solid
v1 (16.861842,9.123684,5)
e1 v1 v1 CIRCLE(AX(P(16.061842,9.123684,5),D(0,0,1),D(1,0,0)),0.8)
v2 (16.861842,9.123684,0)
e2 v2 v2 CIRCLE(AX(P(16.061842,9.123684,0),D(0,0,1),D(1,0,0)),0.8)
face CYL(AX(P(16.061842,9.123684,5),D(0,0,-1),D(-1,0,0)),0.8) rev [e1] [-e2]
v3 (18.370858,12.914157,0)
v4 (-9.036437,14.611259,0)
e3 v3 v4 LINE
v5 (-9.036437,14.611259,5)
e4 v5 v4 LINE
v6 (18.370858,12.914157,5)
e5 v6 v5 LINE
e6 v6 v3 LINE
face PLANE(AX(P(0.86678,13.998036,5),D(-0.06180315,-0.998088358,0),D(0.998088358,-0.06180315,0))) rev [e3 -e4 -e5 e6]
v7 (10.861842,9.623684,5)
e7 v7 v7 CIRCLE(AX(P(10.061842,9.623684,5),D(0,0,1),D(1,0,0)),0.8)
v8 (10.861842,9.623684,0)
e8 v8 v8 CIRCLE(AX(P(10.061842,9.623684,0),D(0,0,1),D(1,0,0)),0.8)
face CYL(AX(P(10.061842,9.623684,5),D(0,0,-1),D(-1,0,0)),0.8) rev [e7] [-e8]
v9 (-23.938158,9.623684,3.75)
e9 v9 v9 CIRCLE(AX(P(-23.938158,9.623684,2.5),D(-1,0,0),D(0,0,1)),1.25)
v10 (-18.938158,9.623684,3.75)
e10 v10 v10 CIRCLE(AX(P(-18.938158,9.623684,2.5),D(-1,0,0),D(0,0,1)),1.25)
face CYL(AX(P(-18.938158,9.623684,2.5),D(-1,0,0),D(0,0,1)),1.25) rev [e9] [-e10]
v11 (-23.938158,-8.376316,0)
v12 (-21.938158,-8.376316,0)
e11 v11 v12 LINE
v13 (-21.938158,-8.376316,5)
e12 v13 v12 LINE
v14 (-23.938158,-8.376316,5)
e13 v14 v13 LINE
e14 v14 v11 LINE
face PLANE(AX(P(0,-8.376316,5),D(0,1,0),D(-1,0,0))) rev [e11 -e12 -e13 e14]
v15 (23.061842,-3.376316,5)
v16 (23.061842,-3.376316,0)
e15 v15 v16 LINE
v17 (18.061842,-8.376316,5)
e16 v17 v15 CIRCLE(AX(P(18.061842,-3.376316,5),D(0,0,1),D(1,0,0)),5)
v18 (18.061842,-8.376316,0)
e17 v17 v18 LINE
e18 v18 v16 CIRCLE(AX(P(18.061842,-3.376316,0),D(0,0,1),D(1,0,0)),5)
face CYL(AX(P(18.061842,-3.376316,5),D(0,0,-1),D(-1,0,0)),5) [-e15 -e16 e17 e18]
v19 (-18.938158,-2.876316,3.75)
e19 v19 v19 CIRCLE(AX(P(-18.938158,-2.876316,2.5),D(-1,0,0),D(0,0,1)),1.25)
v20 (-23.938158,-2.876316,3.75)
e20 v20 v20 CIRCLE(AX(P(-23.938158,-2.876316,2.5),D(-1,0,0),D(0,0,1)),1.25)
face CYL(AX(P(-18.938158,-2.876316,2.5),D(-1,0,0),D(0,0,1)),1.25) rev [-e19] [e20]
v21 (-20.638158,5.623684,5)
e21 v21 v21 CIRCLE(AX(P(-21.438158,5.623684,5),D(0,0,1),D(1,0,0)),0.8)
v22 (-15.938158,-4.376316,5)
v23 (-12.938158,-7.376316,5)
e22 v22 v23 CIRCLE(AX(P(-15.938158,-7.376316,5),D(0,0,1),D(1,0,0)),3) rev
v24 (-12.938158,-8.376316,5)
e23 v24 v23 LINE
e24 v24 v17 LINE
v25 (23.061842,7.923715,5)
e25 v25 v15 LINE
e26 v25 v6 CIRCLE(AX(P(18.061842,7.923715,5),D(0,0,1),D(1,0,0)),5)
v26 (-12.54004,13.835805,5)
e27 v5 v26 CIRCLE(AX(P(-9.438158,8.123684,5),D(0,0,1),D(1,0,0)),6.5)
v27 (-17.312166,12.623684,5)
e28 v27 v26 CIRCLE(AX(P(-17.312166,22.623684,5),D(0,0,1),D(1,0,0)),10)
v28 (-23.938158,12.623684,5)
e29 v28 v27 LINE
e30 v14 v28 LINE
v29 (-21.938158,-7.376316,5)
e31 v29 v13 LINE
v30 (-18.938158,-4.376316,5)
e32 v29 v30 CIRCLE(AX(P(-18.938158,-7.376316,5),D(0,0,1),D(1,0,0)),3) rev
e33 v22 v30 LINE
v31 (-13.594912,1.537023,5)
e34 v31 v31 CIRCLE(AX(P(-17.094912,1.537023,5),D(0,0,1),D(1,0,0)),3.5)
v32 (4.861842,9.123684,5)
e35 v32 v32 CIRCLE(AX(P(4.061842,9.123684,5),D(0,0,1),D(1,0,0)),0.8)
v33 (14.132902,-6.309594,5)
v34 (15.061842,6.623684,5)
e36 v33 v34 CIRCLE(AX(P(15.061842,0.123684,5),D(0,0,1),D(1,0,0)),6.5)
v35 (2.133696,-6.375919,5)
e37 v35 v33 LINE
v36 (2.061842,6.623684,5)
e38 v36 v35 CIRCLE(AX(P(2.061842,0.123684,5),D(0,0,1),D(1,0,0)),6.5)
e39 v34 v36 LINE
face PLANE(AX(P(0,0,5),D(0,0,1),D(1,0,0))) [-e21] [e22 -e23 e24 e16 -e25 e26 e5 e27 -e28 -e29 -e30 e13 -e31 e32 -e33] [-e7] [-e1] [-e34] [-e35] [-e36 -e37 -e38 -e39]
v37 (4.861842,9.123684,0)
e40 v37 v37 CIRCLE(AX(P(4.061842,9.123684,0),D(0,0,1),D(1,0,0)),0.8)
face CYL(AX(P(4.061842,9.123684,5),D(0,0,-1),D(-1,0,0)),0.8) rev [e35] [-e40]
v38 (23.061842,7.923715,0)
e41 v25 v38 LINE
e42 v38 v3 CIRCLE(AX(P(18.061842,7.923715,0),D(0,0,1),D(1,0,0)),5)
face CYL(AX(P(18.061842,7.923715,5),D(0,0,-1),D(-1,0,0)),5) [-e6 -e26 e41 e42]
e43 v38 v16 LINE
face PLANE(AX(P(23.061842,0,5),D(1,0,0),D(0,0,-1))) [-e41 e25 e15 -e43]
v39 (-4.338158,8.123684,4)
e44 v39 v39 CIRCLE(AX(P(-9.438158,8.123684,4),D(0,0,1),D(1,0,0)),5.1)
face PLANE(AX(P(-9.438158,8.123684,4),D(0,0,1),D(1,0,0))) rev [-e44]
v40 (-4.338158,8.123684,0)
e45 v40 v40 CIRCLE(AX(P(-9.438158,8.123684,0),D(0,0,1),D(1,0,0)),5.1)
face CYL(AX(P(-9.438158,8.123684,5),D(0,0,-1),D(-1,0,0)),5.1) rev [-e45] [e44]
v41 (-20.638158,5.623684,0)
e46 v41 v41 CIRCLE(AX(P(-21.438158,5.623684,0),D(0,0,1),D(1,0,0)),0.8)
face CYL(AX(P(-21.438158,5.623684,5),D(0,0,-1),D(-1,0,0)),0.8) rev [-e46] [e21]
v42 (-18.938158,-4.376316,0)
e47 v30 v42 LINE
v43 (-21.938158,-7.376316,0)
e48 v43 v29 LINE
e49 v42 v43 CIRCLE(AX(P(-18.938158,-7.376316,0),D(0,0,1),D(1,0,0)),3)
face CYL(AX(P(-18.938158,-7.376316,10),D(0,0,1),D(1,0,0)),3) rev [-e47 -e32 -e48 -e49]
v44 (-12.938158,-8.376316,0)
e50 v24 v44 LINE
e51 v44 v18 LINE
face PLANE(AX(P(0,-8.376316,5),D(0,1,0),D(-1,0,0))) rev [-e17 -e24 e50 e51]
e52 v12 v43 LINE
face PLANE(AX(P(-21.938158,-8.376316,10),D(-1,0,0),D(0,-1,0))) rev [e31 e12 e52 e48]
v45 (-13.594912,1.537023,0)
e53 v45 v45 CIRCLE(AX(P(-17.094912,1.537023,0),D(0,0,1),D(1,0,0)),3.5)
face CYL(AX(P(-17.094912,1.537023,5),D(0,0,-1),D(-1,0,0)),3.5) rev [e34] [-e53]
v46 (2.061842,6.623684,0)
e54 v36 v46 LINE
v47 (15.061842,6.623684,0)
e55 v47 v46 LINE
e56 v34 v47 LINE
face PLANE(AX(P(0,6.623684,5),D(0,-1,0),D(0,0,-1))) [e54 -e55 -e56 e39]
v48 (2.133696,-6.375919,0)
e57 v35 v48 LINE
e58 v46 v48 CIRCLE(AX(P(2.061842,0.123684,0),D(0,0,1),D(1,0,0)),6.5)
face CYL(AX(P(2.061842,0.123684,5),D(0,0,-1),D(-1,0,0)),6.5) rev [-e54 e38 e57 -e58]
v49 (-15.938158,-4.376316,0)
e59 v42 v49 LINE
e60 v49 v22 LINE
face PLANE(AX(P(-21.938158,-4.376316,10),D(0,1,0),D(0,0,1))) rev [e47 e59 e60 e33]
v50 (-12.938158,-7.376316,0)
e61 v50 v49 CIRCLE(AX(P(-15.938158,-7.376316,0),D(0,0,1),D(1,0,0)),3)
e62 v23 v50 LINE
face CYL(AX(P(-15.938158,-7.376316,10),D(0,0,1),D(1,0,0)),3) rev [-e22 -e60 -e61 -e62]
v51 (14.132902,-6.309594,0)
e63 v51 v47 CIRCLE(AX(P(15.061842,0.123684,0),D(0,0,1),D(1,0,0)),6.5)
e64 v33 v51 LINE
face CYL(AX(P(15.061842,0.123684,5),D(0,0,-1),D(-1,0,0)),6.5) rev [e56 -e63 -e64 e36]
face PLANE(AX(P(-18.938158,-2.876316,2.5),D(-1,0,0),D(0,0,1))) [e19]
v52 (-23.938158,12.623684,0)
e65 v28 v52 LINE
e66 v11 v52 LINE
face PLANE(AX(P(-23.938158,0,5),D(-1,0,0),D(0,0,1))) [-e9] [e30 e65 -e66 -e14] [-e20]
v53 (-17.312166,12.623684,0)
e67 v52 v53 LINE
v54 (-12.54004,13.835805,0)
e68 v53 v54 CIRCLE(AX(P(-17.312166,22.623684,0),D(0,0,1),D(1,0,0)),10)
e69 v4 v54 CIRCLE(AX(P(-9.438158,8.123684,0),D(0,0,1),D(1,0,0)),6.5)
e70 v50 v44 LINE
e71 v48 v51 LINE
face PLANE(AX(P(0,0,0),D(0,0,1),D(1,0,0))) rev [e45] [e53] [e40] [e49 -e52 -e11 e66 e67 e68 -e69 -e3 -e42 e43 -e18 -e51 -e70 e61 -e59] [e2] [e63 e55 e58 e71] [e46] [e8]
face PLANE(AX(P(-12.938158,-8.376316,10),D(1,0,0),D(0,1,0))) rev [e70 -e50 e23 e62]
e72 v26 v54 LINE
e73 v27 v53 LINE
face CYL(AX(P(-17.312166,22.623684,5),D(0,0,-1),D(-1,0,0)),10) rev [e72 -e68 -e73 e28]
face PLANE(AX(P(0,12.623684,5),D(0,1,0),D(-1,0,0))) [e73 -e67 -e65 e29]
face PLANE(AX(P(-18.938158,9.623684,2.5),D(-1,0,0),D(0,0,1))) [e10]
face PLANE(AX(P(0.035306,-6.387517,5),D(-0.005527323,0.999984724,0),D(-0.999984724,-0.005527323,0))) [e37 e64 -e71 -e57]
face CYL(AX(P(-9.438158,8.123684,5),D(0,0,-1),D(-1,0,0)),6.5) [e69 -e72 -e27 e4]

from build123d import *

# Parameters (mm, degrees)
SKETCH1_R           = 0.8
SKETCH1_R_2         = 3.5
SKETCH1_R_3         = 5.1
BOSS_EXTRUDE1_DEPTH = 5
SKETCH2_R           = 1.25
CUT_EXTRUDE1_DEPTH  = 5
BOSS_EXTRUDE2_START = -1
SKETCH21_R          = 5.1
BOSS_EXTRUDE2_DEPTH = 1
SKETCH22_W          = 9
SKETCH22_H          = 4
CUT_EXTRUDE2_DEPTH  = 10
FILLET1_R           = 3


with BuildPart() as part:
    # Sketch1 → Boss-Extrude1 (new body)
    with BuildSketch(Plane(origin=(0, 0, 0), x_dir=(0, 1, 0), z_dir=(0, 0, 1))):
        with BuildLine():
            ThreePointArc((7.923715338, -23.061842121), (11.348253353, -21.704991773), (12.914157128, -18.370857874))
            Line((12.914157128, -18.370857874), (14.611258571, 9.036437401))
            ThreePointArc((14.611258571, 9.036437401), (14.470096631, 10.842810788), (13.835805455, 12.540039768))
            ThreePointArc((13.835805455, 12.540039768), (12.931450551, 14.850335933), (12.623684243, 17.312165753))
            Line((12.623684243, 17.312165753), (12.623684243, 23.938157879))
            Line((12.623684243, 23.938157879), (-8.376315757, 23.938157879))
            Line((-8.376315757, 23.938157879), (-8.376315757, -18.061842121))
            ThreePointArc((-8.376315757, -18.061842121), (-6.911849663, -21.597376027), (-3.376315757, -23.061842121))
            Line((-3.376315757, -23.061842121), (7.923715338, -23.061842121))
        make_face()
        with BuildLine():
            Line((-6.37591859, -2.133696229), (-6.376315757, -2.061842121))
            ThreePointArc((-6.376315757, -2.061842121), (0.123684243, 4.438157879), (6.623684243, -2.061842121))
            Line((6.623684243, -2.061842121), (6.623684243, -15.061842121))
            ThreePointArc((6.623684243, -15.061842121), (0.625179068, -21.542467318), (-6.298932046, -16.061842121))
            ThreePointArc((-6.298932046, -16.061842121), (-6.376216465, -15.097769724), (-6.309594086, -14.132901895))
            Line((-6.309594086, -14.132901895), (-6.37591859, -2.133696229))
        make_face(mode=Mode.SUBTRACT)
        with Locations(Location((9.123684243, -16.061842121, 0), (0, 0, 270))):
            Circle(SKETCH1_R, mode=Mode.SUBTRACT)
        with Locations(Location((9.623684243, -10.061842121, 0), (0, 0, 270))):
            Circle(SKETCH1_R, mode=Mode.SUBTRACT)
        with Locations(Location((9.123684243, -4.061842121, 0), (0, 0, 270))):
            Circle(SKETCH1_R, mode=Mode.SUBTRACT)
        with Locations(Location((1.537022692, 17.094912388, 0), (0, 0, 270))):
            Circle(SKETCH1_R_2, mode=Mode.SUBTRACT)
        with Locations(Location((8.123684243, 9.438157879, 0), (0, 0, 270))):
            Circle(SKETCH1_R_3, mode=Mode.SUBTRACT)
        with Locations(Location((5.623684243, 21.438157879, 0), (0, 0, 270))):
            Circle(SKETCH1_R, mode=Mode.SUBTRACT)
    extrude(amount=BOSS_EXTRUDE1_DEPTH)

    # Sketch2 → Cut-Extrude1 (cut)
    with BuildSketch(Plane(origin=(-23.938157879, 0, 0), x_dir=(0, -1, 0), z_dir=(-1, 0, 0))):
        with Locations(Location((-9.623684243, 2.5, 0), (0, 0, 90))):
            Circle(SKETCH2_R)
        with Locations(Location((2.876315757, 2.5, 0), (0, 0, 90))):
            Circle(SKETCH2_R)
    extrude(amount=-CUT_EXTRUDE1_DEPTH, mode=Mode.SUBTRACT)

    # Sketch21 → Boss-Extrude2 (add)
    with BuildSketch(Plane.XY.offset(5).offset(BOSS_EXTRUDE2_START)):
        with Locations((-9.438157879, 8.123684243)):
            Circle(SKETCH21_R)
    extrude(amount=BOSS_EXTRUDE2_DEPTH)

    # Sketch22 → Cut-Extrude2 (cut)
    with BuildSketch(Plane(origin=(0, 0, 0), x_dir=(1, 0, 0), z_dir=(0, 0, -1))):
        with Locations((-17.438157879, 6.376315757)):
            Rectangle(SKETCH22_W, SKETCH22_H)
    extrude(amount=-CUT_EXTRUDE2_DEPTH, mode=Mode.SUBTRACT)

    # Fillet1
    fillet1_edges = [part.edges().sort_by_distance(p)[0] for p in [
        (-12.938157879, -4.376315757, 2.5),
        (-21.938157879, -4.376315757, 2.5),
    ]]
    fillet(fillet1_edges, radius=FILLET1_R)


solid = part.part
